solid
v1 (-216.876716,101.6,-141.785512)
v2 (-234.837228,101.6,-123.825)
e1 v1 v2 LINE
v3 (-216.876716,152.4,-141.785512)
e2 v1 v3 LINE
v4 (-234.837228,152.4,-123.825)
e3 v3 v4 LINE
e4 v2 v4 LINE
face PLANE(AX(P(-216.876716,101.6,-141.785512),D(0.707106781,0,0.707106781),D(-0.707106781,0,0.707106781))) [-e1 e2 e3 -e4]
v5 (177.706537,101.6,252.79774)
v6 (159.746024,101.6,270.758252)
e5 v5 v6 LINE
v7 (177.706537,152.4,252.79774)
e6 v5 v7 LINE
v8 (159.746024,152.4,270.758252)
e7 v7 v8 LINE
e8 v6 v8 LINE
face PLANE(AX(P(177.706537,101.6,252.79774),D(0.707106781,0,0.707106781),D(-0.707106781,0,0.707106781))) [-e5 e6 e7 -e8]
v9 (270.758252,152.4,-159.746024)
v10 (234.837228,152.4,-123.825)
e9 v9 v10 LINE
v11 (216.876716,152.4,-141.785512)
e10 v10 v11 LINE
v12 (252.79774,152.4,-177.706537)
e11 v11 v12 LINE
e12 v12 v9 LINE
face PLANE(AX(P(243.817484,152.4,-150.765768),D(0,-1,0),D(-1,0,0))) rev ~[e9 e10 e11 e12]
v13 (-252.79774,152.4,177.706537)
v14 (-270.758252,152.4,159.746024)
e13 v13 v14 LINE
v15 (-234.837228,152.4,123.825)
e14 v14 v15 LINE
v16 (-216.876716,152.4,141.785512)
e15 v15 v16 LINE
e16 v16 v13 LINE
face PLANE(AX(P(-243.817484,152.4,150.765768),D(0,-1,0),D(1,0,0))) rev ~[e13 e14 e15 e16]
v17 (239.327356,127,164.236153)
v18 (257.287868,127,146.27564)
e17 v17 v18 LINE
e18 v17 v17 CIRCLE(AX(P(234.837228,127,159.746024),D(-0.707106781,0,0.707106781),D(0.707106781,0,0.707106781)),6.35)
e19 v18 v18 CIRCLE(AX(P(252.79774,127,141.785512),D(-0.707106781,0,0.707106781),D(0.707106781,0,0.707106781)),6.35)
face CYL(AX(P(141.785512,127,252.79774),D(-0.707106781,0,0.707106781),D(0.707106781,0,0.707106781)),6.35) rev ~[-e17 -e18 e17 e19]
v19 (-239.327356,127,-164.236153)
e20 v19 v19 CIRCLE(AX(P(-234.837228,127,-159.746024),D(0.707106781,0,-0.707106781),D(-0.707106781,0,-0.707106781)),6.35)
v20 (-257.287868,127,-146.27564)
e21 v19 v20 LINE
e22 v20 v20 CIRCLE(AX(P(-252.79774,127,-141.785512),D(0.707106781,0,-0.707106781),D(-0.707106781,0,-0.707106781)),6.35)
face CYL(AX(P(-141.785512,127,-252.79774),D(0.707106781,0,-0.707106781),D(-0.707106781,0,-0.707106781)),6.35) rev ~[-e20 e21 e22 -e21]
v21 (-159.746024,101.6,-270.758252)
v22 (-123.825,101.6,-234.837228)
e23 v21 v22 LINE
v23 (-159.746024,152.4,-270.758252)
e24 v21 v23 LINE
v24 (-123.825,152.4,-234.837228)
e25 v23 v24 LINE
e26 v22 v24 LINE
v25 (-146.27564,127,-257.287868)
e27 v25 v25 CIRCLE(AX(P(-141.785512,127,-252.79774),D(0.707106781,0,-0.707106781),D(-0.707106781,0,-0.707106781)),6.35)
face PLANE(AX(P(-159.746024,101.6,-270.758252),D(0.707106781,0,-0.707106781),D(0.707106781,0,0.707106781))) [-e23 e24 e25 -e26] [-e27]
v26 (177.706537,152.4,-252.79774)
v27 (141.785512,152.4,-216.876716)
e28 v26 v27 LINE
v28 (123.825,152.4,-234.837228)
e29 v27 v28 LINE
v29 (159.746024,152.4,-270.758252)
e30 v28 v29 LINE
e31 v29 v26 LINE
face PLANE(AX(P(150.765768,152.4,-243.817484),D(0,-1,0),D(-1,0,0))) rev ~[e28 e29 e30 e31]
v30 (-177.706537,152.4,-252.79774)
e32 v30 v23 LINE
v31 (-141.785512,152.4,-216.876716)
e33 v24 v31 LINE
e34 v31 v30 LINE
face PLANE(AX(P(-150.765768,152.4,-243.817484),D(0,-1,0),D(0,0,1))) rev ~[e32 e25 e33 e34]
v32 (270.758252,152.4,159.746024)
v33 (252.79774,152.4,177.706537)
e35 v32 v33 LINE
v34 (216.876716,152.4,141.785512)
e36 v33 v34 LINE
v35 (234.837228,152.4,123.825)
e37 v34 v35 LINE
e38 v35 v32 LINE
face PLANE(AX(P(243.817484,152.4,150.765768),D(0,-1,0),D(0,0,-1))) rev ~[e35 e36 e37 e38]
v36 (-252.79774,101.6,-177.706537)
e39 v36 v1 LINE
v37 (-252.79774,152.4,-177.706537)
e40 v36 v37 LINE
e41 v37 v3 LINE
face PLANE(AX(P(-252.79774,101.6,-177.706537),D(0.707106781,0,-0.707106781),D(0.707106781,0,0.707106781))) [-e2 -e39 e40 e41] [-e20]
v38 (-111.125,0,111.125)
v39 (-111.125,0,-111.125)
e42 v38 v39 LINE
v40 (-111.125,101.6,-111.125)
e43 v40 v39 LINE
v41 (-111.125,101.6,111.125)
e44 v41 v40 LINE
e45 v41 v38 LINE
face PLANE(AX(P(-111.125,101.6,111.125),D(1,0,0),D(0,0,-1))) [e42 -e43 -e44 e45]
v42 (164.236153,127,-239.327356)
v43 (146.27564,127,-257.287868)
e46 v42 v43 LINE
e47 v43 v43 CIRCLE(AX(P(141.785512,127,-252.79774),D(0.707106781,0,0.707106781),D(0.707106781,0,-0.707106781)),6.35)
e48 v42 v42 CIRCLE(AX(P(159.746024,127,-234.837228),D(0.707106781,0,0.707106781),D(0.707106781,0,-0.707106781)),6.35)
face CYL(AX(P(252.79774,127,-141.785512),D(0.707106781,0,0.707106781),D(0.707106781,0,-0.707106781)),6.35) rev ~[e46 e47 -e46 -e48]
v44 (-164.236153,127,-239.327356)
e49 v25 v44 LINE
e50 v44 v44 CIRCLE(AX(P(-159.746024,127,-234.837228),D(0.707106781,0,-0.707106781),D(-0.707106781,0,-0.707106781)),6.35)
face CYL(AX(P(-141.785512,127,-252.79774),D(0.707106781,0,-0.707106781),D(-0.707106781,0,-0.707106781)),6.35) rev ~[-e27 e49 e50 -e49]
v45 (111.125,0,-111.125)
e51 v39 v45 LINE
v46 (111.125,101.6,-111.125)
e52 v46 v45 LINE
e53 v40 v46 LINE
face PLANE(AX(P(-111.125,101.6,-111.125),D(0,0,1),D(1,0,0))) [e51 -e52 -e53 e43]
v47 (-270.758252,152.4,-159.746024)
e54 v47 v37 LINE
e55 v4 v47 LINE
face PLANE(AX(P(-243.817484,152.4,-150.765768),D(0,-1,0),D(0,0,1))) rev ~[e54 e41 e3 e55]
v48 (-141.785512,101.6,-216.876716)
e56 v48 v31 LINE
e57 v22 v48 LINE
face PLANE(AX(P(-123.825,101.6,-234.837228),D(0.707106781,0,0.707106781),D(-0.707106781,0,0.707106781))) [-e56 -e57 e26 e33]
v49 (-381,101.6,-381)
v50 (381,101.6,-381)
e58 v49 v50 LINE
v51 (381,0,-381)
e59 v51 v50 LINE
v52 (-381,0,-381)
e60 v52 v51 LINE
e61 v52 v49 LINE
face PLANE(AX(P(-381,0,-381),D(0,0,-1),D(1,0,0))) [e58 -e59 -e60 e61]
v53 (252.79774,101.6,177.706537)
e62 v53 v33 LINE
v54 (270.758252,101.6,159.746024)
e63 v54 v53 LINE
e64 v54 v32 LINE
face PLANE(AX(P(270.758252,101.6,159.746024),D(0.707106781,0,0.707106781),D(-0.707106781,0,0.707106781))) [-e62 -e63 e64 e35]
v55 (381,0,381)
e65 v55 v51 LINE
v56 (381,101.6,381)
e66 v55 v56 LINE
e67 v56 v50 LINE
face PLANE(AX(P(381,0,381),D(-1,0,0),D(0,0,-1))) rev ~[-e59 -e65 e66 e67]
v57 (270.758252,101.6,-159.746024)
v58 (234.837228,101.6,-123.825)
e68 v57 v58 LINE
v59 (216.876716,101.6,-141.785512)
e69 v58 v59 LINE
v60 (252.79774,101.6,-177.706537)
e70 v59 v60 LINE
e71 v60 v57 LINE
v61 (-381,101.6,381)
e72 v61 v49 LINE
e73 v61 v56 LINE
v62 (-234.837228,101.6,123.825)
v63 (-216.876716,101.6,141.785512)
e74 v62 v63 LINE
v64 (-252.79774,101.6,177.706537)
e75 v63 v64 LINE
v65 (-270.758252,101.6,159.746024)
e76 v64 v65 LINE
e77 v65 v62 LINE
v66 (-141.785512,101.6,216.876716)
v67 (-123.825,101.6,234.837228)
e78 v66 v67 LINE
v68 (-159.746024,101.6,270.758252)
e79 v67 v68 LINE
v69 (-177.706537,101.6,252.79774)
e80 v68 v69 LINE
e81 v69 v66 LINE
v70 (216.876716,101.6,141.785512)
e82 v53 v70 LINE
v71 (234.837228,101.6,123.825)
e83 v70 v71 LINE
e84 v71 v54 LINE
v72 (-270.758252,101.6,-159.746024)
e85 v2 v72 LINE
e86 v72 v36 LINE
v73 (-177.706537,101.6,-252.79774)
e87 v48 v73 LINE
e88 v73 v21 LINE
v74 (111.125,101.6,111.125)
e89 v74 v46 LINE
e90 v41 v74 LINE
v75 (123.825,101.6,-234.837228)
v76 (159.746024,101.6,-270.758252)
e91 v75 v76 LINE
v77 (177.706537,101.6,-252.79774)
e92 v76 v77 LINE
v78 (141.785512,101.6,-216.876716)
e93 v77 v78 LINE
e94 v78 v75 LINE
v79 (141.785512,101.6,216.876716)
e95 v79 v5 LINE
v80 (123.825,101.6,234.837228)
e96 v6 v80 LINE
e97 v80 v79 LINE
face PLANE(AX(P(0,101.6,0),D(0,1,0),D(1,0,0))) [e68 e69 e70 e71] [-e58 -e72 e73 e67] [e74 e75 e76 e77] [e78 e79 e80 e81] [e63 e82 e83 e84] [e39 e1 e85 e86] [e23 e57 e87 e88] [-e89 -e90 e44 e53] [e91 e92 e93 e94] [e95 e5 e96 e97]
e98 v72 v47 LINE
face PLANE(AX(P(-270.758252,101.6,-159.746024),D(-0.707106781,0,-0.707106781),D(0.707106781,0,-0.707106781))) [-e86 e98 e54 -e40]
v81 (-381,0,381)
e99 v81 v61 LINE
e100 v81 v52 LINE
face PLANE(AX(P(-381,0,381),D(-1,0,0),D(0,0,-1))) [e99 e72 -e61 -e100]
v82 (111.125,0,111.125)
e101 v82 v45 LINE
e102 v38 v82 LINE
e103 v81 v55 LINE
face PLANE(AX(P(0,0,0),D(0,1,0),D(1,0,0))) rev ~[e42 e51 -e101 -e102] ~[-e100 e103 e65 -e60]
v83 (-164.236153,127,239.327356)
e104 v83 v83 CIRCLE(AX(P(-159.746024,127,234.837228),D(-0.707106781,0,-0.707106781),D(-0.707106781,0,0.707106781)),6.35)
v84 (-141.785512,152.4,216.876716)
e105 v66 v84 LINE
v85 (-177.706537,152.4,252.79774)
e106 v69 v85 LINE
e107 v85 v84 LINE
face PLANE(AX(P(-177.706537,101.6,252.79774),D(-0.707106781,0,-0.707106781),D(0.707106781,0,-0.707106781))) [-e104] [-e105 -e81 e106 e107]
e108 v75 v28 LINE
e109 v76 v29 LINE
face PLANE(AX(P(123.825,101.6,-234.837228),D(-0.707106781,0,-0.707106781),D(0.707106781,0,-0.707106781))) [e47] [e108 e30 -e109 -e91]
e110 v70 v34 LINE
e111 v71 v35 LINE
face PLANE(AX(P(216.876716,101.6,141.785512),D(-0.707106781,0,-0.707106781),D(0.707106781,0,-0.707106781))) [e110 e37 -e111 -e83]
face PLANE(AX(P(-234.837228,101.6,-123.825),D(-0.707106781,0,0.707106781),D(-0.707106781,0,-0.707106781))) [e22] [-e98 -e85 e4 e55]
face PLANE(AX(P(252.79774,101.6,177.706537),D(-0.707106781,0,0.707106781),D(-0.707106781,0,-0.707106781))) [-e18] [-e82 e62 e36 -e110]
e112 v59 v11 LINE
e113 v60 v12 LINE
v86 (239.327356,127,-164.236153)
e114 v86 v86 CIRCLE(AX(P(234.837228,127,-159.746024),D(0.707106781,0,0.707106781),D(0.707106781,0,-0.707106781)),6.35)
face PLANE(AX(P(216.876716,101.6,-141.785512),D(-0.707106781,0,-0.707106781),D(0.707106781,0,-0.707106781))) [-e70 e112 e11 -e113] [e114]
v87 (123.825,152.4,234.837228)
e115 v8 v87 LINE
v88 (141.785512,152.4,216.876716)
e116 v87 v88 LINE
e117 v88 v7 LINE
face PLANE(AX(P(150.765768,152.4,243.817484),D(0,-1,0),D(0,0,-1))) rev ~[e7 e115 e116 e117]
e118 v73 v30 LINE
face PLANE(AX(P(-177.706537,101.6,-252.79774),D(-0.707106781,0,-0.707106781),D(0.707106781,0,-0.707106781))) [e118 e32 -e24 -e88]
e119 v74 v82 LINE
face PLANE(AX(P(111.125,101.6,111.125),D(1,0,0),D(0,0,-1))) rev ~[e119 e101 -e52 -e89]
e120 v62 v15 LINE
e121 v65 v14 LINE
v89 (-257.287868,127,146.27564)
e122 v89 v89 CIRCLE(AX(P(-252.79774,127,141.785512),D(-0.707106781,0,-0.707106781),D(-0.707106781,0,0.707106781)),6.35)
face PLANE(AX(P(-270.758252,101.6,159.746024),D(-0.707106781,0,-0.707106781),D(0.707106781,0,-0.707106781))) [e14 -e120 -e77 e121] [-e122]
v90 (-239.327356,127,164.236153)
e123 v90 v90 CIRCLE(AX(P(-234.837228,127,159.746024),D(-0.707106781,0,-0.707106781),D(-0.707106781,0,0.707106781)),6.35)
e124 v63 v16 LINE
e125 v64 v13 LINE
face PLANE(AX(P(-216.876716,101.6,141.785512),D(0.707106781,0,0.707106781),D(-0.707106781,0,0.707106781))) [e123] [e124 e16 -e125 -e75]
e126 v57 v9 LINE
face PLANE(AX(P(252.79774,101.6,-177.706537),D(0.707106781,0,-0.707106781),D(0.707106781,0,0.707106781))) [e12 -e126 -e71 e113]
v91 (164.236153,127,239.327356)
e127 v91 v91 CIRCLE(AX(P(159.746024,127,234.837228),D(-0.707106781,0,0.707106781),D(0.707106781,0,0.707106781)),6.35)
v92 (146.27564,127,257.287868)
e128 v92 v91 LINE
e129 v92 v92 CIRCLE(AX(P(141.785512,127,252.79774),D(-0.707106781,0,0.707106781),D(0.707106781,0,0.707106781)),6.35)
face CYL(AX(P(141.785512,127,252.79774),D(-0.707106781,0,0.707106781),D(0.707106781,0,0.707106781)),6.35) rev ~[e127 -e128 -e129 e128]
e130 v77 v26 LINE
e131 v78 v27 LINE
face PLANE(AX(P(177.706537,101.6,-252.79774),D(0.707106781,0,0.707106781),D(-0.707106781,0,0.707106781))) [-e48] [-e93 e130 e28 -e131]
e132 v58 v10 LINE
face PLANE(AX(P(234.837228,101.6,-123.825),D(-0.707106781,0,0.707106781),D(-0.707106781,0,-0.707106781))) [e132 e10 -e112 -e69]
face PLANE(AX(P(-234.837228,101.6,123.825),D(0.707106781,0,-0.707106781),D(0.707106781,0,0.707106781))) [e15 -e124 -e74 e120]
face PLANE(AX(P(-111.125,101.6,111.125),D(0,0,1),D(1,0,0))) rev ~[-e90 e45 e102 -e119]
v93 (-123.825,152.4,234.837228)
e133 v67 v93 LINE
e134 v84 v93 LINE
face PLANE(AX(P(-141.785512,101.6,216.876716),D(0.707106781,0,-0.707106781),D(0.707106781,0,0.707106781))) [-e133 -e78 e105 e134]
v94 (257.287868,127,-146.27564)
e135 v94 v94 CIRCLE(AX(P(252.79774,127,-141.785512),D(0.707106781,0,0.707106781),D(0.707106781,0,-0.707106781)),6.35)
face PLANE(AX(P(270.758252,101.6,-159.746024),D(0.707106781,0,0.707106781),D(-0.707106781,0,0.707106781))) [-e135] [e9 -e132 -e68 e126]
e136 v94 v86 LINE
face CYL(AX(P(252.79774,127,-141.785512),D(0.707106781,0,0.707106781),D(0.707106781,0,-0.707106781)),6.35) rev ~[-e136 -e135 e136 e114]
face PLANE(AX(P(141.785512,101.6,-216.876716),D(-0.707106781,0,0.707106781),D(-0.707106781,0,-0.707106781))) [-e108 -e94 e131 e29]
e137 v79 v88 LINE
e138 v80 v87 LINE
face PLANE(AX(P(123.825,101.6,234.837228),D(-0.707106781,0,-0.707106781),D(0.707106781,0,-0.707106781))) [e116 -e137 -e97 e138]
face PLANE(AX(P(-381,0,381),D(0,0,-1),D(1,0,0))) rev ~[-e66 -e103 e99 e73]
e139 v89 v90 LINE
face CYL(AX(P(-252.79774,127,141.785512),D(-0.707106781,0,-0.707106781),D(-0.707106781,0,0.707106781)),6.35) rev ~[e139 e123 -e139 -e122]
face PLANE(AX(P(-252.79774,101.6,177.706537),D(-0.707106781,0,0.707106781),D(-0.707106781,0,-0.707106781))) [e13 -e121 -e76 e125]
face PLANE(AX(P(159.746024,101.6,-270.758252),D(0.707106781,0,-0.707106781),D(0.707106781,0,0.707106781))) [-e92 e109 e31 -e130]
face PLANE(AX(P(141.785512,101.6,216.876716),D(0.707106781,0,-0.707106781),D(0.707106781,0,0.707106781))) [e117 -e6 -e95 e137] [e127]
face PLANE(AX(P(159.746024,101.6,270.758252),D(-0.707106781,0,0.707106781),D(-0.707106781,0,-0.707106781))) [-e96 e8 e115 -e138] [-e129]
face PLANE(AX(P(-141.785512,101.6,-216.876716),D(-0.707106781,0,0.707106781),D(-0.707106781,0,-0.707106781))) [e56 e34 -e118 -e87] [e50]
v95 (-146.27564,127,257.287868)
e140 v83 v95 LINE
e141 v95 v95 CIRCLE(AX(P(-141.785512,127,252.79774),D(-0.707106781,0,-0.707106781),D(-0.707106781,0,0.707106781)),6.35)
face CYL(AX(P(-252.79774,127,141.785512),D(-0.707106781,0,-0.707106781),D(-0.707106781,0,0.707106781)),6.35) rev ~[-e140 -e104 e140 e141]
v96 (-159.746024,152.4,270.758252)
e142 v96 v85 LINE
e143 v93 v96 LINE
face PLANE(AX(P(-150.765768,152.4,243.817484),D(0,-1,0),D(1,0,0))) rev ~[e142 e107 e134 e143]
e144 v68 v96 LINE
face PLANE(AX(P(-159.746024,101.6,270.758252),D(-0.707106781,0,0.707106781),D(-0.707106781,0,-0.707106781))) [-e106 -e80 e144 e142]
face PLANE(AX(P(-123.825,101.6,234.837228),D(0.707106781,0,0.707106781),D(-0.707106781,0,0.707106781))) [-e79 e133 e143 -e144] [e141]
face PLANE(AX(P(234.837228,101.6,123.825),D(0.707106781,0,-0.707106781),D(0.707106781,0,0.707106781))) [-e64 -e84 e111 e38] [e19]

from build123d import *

# Parameters (mm, degrees)
SKETCH1_W           = 762
SKETCH1_H           = 762
BOSS_EXTRUDE1_DEPTH = 101.6
SKETCH3_W           = 222.25
SKETCH3_H           = 222.25
CUT_EXTRUDE1_DEPTH  = 549.310641881
BOSS_EXTRUDE2_DEPTH = 50.8
SKETCH5_R           = 6.35
CUT_EXTRUDE2_DEPTH  = 636.846628616
CIRPATTERN1_COUNT   = 4


with BuildPart() as part:
    # Sketch1 → Boss-Extrude1 (new body)
    with BuildSketch(Plane(origin=(0, 0, 0), x_dir=(1, 0, 0), z_dir=(0, 1, 0))):
        Rectangle(SKETCH1_W, SKETCH1_H)
    extrude(amount=BOSS_EXTRUDE1_DEPTH)

    # Sketch3 → Cut-Extrude1 (cut, through all)
    with BuildSketch(Plane(origin=(0, 101.6, 0), x_dir=(1, 0, 0), z_dir=(0, 1, 0))):
        Rectangle(SKETCH3_W, SKETCH3_H)
    extrude(amount=-CUT_EXTRUDE1_DEPTH, mode=Mode.SUBTRACT)

    # Sketch4 → Boss-Extrude2 (add)
    with BuildSketch(Plane(origin=(0, 101.6, 0), x_dir=(1, 0, 0), z_dir=(0, 1, 0))):
        Polygon((141.785512242, 216.876715762), (123.825, 234.837228004), (159.746024484, 270.758252488), (177.706536726, 252.797740246), align=None)
        Polygon((216.876715762, 141.785512242), (252.797740246, 177.706536726), (270.758252488, 159.746024484), (234.837228004, 123.825), align=None)
    boss_extrude2 = extrude(amount=BOSS_EXTRUDE2_DEPTH)

    # Sketch5 → Cut-Extrude2 (cut, through all)
    with BuildSketch(Plane(origin=(55.506114002, 0, 55.506114002), x_dir=(0.7071067811865475, 0, -0.7071067811865477), z_dir=(0.7071067811865477, 0, 0.7071067811865475))):
        with Locations((279.012493577, 127)):
            Circle(SKETCH5_R)
    cut_extrude2 = extrude(amount=-CUT_EXTRUDE2_DEPTH, mode=Mode.SUBTRACT)

    # CirPattern1: Boss-Extrude2, Cut-Extrude2 ×4 about axis
    cirpattern1_axis = Axis((0, 160.02, 0), (0, -1, 0))
    add([boss_extrude2.rotate(cirpattern1_axis, i * 360 / CIRPATTERN1_COUNT) for i in range(1, CIRPATTERN1_COUNT)])
    add([cut_extrude2.rotate(cirpattern1_axis, i * 360 / CIRPATTERN1_COUNT) for i in range(1, CIRPATTERN1_COUNT)], mode=Mode.SUBTRACT)


solid = part.part
